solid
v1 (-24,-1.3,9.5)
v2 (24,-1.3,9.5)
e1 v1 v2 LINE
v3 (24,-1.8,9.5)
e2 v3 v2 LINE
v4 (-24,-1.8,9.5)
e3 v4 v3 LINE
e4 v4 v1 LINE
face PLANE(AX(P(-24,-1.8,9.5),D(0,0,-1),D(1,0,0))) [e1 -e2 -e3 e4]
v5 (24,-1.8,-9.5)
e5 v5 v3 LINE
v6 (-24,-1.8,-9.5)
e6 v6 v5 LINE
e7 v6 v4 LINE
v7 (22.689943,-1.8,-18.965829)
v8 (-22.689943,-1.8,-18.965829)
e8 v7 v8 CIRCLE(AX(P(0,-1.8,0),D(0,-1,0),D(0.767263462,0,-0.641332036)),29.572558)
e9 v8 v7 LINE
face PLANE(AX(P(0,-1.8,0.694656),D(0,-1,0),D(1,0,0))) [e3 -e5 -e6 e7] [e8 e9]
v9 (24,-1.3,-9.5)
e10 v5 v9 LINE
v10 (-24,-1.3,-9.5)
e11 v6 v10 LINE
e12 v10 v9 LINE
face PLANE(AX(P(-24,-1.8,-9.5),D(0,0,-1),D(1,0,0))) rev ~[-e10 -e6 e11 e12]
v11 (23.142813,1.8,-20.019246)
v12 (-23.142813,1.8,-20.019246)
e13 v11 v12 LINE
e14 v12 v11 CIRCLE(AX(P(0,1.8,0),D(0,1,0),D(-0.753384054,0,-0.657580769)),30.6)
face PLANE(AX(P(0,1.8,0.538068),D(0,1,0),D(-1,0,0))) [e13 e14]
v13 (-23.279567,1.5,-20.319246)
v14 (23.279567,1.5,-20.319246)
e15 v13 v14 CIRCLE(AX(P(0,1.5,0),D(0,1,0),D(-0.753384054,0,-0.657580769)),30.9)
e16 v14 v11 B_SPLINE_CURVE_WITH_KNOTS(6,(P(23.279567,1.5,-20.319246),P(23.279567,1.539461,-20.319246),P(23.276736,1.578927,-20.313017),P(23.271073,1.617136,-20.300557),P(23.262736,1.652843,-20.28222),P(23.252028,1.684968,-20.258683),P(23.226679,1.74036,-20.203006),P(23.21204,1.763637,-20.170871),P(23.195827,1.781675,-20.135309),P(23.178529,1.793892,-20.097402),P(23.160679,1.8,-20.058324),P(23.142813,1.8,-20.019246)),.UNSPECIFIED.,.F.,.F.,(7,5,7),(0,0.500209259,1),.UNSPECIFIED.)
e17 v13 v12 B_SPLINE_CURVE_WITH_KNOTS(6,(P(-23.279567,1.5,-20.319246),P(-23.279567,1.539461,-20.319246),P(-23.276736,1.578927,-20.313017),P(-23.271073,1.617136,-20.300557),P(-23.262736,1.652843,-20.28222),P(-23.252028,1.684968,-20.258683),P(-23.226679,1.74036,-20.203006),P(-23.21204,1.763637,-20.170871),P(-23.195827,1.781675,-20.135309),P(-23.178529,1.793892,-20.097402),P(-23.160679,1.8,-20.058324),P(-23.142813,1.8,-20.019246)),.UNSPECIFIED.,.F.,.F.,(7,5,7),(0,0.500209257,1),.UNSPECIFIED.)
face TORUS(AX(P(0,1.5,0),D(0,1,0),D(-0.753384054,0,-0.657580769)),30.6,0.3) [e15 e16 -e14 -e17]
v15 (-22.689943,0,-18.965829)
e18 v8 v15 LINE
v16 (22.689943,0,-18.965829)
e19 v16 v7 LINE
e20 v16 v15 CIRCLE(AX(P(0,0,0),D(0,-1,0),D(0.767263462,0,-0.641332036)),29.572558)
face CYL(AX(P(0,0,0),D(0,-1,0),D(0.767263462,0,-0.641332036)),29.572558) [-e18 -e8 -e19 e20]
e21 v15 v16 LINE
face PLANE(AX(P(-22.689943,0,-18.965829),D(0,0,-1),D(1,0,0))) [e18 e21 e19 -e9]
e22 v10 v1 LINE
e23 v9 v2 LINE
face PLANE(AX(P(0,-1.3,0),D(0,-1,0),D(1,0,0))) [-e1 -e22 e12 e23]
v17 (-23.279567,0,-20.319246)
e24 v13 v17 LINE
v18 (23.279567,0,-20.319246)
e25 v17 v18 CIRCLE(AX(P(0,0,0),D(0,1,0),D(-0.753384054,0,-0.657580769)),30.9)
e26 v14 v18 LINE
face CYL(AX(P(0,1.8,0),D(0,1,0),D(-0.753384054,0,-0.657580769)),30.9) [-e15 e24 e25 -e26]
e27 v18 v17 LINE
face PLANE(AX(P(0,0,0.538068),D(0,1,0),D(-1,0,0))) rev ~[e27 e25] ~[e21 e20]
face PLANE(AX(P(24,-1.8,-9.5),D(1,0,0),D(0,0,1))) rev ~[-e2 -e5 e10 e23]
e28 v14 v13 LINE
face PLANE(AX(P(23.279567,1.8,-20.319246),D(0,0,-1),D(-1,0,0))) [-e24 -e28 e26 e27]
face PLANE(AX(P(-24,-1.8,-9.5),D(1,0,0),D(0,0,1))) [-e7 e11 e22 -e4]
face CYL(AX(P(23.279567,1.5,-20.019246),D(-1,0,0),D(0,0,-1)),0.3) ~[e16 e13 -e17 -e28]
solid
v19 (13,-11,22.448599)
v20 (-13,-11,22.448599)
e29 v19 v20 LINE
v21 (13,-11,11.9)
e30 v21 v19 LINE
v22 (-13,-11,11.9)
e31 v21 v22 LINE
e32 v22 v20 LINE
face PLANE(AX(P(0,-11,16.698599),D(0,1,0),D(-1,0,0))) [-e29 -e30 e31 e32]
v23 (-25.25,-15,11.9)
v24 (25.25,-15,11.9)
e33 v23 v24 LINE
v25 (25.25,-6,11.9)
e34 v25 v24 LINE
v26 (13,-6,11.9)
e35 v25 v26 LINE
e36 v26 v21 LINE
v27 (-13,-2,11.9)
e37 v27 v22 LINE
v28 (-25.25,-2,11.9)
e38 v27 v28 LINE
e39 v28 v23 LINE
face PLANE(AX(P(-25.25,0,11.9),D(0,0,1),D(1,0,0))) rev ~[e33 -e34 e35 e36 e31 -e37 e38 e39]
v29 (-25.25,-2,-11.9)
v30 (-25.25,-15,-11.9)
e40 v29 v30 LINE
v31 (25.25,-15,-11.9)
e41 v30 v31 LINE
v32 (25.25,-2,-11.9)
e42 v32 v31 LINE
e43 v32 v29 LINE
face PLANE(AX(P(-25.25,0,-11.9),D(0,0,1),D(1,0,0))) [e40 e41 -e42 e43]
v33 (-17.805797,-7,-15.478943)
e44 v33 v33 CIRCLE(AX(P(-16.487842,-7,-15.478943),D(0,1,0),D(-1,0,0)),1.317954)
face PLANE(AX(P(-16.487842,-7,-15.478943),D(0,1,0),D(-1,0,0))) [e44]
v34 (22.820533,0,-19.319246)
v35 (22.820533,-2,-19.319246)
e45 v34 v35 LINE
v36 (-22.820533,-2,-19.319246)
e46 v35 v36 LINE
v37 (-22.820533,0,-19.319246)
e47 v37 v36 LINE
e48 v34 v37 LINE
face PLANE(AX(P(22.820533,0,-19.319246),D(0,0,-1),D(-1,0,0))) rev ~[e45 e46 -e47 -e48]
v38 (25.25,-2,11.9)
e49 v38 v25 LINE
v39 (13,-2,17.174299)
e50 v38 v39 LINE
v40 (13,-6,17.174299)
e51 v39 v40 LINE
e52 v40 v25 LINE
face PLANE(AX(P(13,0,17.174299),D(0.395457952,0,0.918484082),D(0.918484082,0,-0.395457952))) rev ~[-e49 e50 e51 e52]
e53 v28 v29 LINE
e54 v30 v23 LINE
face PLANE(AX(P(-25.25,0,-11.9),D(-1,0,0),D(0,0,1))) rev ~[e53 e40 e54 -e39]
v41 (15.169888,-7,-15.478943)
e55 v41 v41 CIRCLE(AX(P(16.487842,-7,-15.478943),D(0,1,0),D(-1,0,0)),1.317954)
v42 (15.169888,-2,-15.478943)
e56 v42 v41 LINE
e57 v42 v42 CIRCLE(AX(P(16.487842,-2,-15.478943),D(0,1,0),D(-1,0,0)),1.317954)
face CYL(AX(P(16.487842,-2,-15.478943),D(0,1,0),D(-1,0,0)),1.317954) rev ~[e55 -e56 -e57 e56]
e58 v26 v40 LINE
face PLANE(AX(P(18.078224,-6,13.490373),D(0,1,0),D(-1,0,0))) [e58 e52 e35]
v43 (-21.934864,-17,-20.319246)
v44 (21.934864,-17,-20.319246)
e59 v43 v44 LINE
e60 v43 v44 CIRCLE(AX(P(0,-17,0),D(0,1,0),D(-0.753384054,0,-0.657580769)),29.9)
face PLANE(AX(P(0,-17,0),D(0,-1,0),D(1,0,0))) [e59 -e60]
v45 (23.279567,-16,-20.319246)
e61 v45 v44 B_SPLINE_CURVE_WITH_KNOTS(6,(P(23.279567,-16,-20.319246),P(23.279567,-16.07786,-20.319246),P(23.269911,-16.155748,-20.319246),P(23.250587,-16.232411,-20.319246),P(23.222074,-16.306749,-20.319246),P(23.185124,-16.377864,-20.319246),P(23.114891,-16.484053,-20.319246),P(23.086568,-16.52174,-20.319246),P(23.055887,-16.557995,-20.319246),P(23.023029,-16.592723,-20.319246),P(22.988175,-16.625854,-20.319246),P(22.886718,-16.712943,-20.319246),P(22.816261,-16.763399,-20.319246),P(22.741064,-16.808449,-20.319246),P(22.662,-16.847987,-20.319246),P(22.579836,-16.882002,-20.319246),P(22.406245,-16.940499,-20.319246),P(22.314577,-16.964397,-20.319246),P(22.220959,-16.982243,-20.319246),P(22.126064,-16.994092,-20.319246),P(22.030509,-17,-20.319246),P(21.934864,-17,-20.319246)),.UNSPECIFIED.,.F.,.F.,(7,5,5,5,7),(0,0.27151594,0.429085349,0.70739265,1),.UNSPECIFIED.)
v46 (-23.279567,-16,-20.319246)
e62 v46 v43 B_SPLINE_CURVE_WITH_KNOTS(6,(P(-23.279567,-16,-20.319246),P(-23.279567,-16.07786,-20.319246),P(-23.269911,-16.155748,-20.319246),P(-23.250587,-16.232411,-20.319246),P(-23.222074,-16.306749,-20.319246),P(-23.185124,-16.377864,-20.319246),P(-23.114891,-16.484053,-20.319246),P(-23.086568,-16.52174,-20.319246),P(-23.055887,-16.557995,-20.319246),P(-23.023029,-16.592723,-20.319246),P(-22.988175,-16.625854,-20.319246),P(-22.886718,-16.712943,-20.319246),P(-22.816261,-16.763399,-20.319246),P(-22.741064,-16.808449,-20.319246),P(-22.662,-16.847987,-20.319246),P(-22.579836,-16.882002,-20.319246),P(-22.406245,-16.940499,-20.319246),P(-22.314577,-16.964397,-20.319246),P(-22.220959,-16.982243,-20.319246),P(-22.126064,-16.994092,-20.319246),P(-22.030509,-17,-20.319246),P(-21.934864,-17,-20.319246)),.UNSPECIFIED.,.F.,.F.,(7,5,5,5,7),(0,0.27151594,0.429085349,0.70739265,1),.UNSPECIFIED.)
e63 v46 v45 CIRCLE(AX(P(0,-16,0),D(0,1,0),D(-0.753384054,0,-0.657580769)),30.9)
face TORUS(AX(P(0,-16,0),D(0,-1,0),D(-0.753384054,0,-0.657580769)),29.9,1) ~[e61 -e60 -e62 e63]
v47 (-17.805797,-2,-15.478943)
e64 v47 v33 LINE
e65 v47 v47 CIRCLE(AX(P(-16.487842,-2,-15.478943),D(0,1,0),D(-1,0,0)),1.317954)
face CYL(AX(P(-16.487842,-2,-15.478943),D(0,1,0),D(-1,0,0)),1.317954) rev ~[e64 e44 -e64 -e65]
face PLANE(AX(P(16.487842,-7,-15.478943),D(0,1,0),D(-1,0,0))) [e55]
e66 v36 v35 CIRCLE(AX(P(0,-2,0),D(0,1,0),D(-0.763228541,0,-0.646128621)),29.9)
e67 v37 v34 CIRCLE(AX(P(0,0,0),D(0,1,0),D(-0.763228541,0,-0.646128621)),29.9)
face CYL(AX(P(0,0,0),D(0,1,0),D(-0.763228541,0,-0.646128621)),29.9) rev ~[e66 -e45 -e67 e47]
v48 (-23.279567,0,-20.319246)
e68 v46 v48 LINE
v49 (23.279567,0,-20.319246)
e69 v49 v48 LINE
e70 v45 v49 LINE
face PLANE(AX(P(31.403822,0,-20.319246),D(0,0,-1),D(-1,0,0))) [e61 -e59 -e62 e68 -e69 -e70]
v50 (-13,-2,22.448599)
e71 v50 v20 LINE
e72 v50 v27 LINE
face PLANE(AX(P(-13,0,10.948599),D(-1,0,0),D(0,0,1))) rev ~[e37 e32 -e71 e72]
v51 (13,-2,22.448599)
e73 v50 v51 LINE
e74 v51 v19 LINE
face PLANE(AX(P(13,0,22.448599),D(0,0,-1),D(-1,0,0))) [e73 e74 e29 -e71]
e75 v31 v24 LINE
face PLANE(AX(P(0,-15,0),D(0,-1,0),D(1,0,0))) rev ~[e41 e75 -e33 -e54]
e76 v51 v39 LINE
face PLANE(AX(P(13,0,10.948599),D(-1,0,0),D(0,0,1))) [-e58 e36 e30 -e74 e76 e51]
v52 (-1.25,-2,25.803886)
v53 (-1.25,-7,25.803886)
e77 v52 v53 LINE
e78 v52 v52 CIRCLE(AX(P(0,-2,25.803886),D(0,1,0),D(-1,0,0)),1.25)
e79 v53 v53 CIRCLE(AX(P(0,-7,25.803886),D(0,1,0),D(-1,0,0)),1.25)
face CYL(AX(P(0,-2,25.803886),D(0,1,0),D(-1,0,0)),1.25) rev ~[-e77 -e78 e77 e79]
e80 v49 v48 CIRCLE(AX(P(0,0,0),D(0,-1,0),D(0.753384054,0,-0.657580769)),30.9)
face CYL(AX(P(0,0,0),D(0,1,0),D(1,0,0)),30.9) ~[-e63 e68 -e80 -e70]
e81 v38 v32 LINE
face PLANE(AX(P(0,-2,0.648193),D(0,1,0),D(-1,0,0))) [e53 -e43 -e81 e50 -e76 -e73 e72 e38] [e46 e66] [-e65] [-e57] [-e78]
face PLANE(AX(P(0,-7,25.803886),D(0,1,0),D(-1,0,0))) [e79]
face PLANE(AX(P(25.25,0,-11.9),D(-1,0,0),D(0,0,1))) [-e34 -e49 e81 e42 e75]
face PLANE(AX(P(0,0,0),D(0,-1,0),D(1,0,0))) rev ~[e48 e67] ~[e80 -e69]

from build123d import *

# Parameters (mm, degrees)
F0_R           = 30.9
F1_DEPTH       = 17
F2_W           = 50.5
F2_H           = 23.8
F3_DEPTH       = 15
F4_W           = 26
F4_H           = 11.5
F5_DEPTH       = 11
F7_DEPTH       = 6
F8_W           = 62.8076445868
F8_H           = 21.1615084887
F9_DEPTH       = 17.001
F11_DEPTH      = 2
F13_DEPTH      = 1.8
F13_DEPTH_BACK = 1.8
F15_DEPTH      = 1.8
F16_R          = 1
F17_R          = 1.3179542429
F17_R_2        = 1.25
F18_DEPTH      = 5
F19_W          = 48
F19_H          = 19
F20_DEPTH      = 0.5
F21_R          = 0.3


with BuildPart() as f1:
    # F0 (on Front) → F1 (new body)
    with BuildSketch(Plane.XZ):
        Circle(F0_R)
    extrude(amount=F1_DEPTH)

    # F2 (on Front) → F3 (cut)
    with BuildSketch(Plane.XZ):
        Rectangle(F2_W, F2_H)
    extrude(amount=F3_DEPTH, mode=Mode.SUBTRACT)

    # F4 (on face) → F5 (cut)
    with BuildSketch(Plane(origin=(0, 0, 0), x_dir=(-1, 0, 0), z_dir=(0, 1, 0))):
        with Locations((0, 16.6985985124)):
            Rectangle(F4_W, F4_H)
    extrude(amount=-F5_DEPTH, mode=Mode.SUBTRACT)

    # F6 (on face) → F7 (cut)
    with BuildSketch(Plane(origin=(0, 0, 0), x_dir=(-1, 0, 0), z_dir=(0, 1, 0))):
        Polygon((-13, 17.1742992562), (-25.25, 11.9), (-13, 11.9), align=None)
    extrude(amount=-F7_DEPTH, mode=Mode.SUBTRACT)

    # F8 (on face) → F9 (cut, through all)
    with BuildSketch(Plane(origin=(0, 0, 0), x_dir=(-1, 0, 0), z_dir=(0, 1, 0))):
        with Locations((0, -30.9)):
            Rectangle(F8_W, F8_H)
    extrude(amount=-F9_DEPTH, mode=Mode.SUBTRACT)

    # F10 (on face) → F11 (cut)
    with BuildSketch(Plane(origin=(0, 0, 0), x_dir=(-1, 0, 0), z_dir=(0, 1, 0))):
        with BuildLine():
            Line((-22.8205333731, -19.3192457557), (22.8205333731, -19.3192457557))
            ThreePointArc((22.8205333731, -19.3192457557), (0, 29.9), (-22.8205333731, -19.3192457557))
        make_face()
    extrude(amount=-F11_DEPTH, mode=Mode.SUBTRACT)

    # F16
    f16_edges = [f1.edges().sort_by_distance(p)[0] for p in [
        (0, -17, 30.9),
    ]]
    fillet(f16_edges, radius=F16_R)

    # F17 (on face) → F18 (cut)
    with BuildSketch(Plane(origin=(0, -2, 0), x_dir=(-1, 0, 0), z_dir=(0, 1, 0))):
        with Locations((-16.4878424257, -15.4789434746)):
            Circle(F17_R)
        with Locations((0, 25.803886354)):
            Circle(F17_R_2)
        with Locations((16.4878424257, -15.4789434746)):
            Circle(F17_R)
    extrude(amount=-F18_DEPTH, mode=Mode.SUBTRACT)


with BuildPart() as f13:
    # F12 (on Front) → F13 (new body, two sides)
    with BuildSketch(Plane.XZ) as f13_sk:
        with BuildLine():
            Line((-22.6899430128, -18.9658286482), (22.6899430128, -18.9658286482))
            ThreePointArc((22.6899430128, -18.9658286482), (0, 29.5725577223), (-22.6899430128, -18.9658286482))
        make_face()
    extrude(amount=F13_DEPTH)
    extrude(f13_sk.sketch, amount=-F13_DEPTH_BACK)

    # F14 (on face) → F15 (join)
    with BuildSketch(Plane(origin=(0, 1.8, 0), x_dir=(-1, 0, 0), z_dir=(0, 1, 0))):
        with BuildLine():
            ThreePointArc((23.2795672623, -20.3192457557), (0, 30.9), (-23.2795672623, -20.3192457557))
            Line((-23.2795672623, -20.3192457557), (23.2795672623, -20.3192457557))
        make_face()
    extrude(amount=-F15_DEPTH)

    # F19 (on face) → F20 (cut)
    with BuildSketch(Plane.XZ.offset(1.8)):
        Rectangle(F19_W, F19_H)
    extrude(amount=-F20_DEPTH, mode=Mode.SUBTRACT)

    # F21
    f21_edges = [f13.edges().sort_by_distance(p)[0] for p in [
        (0, 1.8, 30.9),
        (0, 1.8, -20.319246),
    ]]
    fillet(f21_edges, radius=F21_R)


solid = Compound([f1.part, f13.part])
